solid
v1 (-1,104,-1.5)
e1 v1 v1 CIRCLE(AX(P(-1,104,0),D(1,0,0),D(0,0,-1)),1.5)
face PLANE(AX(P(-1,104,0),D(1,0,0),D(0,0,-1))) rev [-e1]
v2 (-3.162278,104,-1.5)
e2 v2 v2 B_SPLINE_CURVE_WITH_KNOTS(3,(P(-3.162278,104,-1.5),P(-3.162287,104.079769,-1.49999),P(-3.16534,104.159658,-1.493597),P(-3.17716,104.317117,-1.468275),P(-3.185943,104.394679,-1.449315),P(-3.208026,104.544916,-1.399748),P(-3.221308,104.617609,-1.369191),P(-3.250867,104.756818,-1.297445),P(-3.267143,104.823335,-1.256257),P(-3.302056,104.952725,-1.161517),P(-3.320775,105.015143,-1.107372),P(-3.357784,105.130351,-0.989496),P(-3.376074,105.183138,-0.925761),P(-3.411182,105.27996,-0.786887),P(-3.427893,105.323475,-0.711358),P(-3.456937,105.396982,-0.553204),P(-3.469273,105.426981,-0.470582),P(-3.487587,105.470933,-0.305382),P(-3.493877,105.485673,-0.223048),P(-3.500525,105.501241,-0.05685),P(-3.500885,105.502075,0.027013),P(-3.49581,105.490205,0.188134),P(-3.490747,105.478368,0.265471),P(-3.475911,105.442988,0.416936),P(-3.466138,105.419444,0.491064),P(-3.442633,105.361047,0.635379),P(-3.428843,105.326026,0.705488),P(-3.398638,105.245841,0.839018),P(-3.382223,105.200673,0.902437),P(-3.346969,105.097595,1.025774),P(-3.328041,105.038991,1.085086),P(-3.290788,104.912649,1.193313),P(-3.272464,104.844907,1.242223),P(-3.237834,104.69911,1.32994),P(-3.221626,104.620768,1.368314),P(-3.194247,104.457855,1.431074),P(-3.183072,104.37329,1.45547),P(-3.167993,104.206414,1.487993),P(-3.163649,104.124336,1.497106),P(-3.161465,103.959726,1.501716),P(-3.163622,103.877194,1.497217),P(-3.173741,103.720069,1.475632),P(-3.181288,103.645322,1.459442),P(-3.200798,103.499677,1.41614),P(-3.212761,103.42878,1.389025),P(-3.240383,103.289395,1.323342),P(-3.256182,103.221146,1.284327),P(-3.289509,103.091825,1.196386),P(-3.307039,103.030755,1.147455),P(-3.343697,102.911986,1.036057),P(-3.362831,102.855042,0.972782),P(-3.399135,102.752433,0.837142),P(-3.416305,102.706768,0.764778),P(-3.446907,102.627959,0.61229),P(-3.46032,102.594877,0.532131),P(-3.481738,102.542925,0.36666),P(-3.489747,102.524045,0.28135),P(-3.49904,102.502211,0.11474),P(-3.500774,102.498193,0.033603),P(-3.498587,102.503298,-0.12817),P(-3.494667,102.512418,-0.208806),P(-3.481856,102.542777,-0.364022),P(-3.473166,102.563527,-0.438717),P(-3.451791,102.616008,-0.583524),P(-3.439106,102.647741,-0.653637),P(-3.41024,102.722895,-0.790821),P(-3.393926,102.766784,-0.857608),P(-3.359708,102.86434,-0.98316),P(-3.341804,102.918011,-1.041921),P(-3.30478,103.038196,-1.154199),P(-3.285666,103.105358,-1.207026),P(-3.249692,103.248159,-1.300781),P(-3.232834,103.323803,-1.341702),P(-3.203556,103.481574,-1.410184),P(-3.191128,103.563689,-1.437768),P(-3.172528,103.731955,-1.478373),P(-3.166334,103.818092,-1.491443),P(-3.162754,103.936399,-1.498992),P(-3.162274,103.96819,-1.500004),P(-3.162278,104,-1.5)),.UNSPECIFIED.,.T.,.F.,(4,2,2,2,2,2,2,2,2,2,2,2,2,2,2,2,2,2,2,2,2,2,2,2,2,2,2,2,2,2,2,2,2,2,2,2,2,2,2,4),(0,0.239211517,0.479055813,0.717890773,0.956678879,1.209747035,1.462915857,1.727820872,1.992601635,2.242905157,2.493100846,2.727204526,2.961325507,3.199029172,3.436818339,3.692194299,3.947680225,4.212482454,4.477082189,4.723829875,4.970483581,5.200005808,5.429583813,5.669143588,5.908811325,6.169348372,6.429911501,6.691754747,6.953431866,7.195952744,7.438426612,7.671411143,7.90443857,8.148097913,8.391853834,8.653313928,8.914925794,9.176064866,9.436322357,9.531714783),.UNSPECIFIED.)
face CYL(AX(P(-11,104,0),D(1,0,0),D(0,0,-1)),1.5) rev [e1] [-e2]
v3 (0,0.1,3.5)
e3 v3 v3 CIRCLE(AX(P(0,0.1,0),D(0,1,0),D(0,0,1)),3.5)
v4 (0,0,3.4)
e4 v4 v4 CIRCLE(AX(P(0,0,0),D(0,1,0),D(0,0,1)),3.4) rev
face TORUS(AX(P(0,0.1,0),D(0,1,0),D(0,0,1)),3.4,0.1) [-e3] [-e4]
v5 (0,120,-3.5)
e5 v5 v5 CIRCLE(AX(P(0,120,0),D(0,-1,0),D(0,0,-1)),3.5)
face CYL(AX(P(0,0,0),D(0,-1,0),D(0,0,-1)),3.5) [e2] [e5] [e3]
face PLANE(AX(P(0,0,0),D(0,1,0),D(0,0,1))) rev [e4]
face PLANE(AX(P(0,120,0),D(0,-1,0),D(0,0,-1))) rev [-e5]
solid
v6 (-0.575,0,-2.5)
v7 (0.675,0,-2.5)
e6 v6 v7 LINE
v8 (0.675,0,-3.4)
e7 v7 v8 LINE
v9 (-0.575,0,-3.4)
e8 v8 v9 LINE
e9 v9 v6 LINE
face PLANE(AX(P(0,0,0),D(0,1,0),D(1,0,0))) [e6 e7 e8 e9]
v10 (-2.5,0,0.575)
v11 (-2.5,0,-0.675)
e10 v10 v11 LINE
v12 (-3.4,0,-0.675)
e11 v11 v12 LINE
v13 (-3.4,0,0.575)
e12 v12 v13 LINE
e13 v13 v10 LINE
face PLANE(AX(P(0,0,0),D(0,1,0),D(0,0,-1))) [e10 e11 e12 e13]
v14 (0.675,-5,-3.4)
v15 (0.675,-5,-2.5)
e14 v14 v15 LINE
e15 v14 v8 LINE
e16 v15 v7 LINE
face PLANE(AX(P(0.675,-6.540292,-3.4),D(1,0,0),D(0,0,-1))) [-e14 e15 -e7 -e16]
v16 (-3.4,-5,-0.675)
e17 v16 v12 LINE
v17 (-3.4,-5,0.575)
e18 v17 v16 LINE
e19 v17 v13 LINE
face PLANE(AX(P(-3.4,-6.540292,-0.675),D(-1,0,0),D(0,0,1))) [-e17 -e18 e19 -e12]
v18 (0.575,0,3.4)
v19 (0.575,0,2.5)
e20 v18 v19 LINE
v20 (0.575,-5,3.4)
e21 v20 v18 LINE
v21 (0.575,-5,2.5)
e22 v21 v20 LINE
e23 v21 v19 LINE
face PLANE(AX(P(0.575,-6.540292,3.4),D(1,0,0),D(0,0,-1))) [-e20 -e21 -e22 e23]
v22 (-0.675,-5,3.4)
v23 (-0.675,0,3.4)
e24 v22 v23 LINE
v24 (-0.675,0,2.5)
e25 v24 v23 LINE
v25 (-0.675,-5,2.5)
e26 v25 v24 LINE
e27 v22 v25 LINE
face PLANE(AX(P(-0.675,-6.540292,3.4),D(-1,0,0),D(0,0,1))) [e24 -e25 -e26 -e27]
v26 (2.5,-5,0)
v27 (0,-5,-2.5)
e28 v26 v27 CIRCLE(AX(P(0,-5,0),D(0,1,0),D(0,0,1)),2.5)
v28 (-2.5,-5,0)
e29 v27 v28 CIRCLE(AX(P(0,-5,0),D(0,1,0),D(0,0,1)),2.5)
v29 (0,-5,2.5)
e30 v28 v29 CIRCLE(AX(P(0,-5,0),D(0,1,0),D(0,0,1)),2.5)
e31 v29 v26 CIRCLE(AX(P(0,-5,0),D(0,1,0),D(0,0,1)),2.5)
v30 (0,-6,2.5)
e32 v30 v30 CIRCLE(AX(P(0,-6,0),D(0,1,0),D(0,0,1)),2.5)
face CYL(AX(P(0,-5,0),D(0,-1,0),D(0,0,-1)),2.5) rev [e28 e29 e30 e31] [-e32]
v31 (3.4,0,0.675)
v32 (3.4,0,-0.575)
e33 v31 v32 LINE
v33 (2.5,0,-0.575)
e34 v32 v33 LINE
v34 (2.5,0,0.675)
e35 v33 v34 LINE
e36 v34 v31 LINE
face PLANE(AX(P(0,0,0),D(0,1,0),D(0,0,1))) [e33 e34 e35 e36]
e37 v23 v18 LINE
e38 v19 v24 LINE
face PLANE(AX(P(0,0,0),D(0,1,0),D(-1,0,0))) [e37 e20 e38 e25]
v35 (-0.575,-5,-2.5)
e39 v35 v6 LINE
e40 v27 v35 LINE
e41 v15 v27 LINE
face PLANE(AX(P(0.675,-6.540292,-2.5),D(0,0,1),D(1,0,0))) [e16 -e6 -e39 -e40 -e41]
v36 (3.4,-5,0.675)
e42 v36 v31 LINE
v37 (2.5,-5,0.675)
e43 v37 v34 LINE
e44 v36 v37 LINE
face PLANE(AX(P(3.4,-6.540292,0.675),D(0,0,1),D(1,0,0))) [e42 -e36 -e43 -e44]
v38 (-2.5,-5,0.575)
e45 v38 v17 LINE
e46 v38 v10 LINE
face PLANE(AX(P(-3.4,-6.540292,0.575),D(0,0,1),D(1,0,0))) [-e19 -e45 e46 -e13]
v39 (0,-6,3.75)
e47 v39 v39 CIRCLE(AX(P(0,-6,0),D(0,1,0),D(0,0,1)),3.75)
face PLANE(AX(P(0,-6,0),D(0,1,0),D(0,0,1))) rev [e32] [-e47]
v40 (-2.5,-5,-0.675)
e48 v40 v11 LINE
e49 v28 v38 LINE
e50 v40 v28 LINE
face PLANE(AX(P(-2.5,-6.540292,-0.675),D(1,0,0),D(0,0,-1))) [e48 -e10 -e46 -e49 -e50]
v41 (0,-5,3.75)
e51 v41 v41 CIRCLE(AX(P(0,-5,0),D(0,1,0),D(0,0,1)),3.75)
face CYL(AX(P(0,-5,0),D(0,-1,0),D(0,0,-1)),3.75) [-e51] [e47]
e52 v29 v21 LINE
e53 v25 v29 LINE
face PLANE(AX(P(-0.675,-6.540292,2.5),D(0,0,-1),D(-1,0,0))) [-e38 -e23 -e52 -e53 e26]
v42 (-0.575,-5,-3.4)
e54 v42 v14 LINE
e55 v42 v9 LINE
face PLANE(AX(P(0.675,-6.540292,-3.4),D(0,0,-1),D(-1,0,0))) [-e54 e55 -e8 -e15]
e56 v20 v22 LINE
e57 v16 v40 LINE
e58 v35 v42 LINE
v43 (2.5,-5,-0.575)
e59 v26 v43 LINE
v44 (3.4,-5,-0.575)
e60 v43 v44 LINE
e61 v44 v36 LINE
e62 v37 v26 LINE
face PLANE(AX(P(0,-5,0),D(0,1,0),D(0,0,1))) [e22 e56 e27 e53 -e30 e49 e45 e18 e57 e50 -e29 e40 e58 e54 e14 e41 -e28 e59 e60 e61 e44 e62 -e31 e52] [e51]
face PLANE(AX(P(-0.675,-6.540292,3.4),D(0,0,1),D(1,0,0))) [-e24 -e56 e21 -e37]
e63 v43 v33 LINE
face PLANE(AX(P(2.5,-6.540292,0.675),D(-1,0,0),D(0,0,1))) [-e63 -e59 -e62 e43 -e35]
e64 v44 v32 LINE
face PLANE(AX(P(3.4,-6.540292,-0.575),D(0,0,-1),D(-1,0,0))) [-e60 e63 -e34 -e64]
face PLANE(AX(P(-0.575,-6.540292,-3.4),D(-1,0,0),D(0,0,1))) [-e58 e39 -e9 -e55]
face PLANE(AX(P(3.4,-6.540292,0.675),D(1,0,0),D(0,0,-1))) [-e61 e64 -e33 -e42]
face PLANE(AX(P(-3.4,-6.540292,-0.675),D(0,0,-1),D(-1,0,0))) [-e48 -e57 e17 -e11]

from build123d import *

# Parameters (mm, degrees)
ESQUISSE1_W                  = 3.5
ESQUISSE1_H                  = 120
BOSS_EXTRU_2_START           = -6
ESQUISSE6_R                  = 3.75
ESQUISSE6_R_2                = 2.5
BOSS_EXTRU_2_DEPTH           = 1
ESQUISSE7_W                  = 0.9
ESQUISSE7_H                  = 1.25
BOSS_EXTRU_3_DEPTH           = 5
R_P_TITION_CIRCULAIRE1_COUNT = 4
CONG_11_R                    = 0.1
ENL_V_START                  = -1
ESQUISSE10_R                 = 1.5
ENL_V_MAT_EXTRU_1_DEPTH      = 10


with BuildPart() as part:
    # Esquisse1 → Révolution1 (revolve)
    with BuildSketch(Plane.XY, mode=Mode.PRIVATE) as r_volution1_sk:
        with Locations((-1.75, 60)):
            Rectangle(ESQUISSE1_W, ESQUISSE1_H)
    revolve(r_volution1_sk.sketch.rotate(Axis((0, 0, 0), (0, 1, 0)), 270), axis=Axis((0, 0, 0), (0, 1, 0)))

    # Congé11
    cong_11_edges = [part.edges().sort_by_distance(p)[0] for p in [
        (0, 0, 3.5),
    ]]
    fillet(cong_11_edges, radius=CONG_11_R)

    # Esquisse10 → Enlèv. mat.-Extru.1 (cut)
    with BuildSketch(Plane(origin=(0, 0, 0), x_dir=(0, 0, -1), z_dir=(1, 0, 0)).offset(ENL_V_START)):
        with Locations((0, 104)):
            Circle(ESQUISSE10_R)
    extrude(amount=-ENL_V_MAT_EXTRU_1_DEPTH, mode=Mode.SUBTRACT)


with BuildPart() as body_2:
    # Esquisse6 → Boss.-Extru.2 (new body)
    with BuildSketch(Plane(origin=(0, 0, 0), x_dir=(1, 0, 0), z_dir=(0, 1, 0)).offset(BOSS_EXTRU_2_START)):
        with Locations(Location((0, 0, 0), (0, 0, 270))):
            Circle(ESQUISSE6_R)
        with Locations(Location((0, 0, 0), (0, 0, 270))):
            Circle(ESQUISSE6_R_2, mode=Mode.SUBTRACT)
    extrude(amount=BOSS_EXTRU_2_DEPTH)

    # Esquisse7 → Boss.-Extru.3 (add)
    with BuildSketch(Plane(origin=(0, 0, 0), x_dir=(1, 0, 0), z_dir=(0, 1, 0))):
        with Locations((2.95, -0.05)):
            Rectangle(ESQUISSE7_W, ESQUISSE7_H)
    boss_extru_3 = extrude(amount=-BOSS_EXTRU_3_DEPTH)

    # Répétition circulaire1: Boss.-Extru.3 ×4 about axis
    r_p_tition_circulaire1_axis = Axis((0, 0, 0), (0, 1, 0))
    for i in range(1, R_P_TITION_CIRCULAIRE1_COUNT):
        add(boss_extru_3.rotate(r_p_tition_circulaire1_axis, i * 360 / R_P_TITION_CIRCULAIRE1_COUNT))


solid = Compound([part.part, body_2.part])
